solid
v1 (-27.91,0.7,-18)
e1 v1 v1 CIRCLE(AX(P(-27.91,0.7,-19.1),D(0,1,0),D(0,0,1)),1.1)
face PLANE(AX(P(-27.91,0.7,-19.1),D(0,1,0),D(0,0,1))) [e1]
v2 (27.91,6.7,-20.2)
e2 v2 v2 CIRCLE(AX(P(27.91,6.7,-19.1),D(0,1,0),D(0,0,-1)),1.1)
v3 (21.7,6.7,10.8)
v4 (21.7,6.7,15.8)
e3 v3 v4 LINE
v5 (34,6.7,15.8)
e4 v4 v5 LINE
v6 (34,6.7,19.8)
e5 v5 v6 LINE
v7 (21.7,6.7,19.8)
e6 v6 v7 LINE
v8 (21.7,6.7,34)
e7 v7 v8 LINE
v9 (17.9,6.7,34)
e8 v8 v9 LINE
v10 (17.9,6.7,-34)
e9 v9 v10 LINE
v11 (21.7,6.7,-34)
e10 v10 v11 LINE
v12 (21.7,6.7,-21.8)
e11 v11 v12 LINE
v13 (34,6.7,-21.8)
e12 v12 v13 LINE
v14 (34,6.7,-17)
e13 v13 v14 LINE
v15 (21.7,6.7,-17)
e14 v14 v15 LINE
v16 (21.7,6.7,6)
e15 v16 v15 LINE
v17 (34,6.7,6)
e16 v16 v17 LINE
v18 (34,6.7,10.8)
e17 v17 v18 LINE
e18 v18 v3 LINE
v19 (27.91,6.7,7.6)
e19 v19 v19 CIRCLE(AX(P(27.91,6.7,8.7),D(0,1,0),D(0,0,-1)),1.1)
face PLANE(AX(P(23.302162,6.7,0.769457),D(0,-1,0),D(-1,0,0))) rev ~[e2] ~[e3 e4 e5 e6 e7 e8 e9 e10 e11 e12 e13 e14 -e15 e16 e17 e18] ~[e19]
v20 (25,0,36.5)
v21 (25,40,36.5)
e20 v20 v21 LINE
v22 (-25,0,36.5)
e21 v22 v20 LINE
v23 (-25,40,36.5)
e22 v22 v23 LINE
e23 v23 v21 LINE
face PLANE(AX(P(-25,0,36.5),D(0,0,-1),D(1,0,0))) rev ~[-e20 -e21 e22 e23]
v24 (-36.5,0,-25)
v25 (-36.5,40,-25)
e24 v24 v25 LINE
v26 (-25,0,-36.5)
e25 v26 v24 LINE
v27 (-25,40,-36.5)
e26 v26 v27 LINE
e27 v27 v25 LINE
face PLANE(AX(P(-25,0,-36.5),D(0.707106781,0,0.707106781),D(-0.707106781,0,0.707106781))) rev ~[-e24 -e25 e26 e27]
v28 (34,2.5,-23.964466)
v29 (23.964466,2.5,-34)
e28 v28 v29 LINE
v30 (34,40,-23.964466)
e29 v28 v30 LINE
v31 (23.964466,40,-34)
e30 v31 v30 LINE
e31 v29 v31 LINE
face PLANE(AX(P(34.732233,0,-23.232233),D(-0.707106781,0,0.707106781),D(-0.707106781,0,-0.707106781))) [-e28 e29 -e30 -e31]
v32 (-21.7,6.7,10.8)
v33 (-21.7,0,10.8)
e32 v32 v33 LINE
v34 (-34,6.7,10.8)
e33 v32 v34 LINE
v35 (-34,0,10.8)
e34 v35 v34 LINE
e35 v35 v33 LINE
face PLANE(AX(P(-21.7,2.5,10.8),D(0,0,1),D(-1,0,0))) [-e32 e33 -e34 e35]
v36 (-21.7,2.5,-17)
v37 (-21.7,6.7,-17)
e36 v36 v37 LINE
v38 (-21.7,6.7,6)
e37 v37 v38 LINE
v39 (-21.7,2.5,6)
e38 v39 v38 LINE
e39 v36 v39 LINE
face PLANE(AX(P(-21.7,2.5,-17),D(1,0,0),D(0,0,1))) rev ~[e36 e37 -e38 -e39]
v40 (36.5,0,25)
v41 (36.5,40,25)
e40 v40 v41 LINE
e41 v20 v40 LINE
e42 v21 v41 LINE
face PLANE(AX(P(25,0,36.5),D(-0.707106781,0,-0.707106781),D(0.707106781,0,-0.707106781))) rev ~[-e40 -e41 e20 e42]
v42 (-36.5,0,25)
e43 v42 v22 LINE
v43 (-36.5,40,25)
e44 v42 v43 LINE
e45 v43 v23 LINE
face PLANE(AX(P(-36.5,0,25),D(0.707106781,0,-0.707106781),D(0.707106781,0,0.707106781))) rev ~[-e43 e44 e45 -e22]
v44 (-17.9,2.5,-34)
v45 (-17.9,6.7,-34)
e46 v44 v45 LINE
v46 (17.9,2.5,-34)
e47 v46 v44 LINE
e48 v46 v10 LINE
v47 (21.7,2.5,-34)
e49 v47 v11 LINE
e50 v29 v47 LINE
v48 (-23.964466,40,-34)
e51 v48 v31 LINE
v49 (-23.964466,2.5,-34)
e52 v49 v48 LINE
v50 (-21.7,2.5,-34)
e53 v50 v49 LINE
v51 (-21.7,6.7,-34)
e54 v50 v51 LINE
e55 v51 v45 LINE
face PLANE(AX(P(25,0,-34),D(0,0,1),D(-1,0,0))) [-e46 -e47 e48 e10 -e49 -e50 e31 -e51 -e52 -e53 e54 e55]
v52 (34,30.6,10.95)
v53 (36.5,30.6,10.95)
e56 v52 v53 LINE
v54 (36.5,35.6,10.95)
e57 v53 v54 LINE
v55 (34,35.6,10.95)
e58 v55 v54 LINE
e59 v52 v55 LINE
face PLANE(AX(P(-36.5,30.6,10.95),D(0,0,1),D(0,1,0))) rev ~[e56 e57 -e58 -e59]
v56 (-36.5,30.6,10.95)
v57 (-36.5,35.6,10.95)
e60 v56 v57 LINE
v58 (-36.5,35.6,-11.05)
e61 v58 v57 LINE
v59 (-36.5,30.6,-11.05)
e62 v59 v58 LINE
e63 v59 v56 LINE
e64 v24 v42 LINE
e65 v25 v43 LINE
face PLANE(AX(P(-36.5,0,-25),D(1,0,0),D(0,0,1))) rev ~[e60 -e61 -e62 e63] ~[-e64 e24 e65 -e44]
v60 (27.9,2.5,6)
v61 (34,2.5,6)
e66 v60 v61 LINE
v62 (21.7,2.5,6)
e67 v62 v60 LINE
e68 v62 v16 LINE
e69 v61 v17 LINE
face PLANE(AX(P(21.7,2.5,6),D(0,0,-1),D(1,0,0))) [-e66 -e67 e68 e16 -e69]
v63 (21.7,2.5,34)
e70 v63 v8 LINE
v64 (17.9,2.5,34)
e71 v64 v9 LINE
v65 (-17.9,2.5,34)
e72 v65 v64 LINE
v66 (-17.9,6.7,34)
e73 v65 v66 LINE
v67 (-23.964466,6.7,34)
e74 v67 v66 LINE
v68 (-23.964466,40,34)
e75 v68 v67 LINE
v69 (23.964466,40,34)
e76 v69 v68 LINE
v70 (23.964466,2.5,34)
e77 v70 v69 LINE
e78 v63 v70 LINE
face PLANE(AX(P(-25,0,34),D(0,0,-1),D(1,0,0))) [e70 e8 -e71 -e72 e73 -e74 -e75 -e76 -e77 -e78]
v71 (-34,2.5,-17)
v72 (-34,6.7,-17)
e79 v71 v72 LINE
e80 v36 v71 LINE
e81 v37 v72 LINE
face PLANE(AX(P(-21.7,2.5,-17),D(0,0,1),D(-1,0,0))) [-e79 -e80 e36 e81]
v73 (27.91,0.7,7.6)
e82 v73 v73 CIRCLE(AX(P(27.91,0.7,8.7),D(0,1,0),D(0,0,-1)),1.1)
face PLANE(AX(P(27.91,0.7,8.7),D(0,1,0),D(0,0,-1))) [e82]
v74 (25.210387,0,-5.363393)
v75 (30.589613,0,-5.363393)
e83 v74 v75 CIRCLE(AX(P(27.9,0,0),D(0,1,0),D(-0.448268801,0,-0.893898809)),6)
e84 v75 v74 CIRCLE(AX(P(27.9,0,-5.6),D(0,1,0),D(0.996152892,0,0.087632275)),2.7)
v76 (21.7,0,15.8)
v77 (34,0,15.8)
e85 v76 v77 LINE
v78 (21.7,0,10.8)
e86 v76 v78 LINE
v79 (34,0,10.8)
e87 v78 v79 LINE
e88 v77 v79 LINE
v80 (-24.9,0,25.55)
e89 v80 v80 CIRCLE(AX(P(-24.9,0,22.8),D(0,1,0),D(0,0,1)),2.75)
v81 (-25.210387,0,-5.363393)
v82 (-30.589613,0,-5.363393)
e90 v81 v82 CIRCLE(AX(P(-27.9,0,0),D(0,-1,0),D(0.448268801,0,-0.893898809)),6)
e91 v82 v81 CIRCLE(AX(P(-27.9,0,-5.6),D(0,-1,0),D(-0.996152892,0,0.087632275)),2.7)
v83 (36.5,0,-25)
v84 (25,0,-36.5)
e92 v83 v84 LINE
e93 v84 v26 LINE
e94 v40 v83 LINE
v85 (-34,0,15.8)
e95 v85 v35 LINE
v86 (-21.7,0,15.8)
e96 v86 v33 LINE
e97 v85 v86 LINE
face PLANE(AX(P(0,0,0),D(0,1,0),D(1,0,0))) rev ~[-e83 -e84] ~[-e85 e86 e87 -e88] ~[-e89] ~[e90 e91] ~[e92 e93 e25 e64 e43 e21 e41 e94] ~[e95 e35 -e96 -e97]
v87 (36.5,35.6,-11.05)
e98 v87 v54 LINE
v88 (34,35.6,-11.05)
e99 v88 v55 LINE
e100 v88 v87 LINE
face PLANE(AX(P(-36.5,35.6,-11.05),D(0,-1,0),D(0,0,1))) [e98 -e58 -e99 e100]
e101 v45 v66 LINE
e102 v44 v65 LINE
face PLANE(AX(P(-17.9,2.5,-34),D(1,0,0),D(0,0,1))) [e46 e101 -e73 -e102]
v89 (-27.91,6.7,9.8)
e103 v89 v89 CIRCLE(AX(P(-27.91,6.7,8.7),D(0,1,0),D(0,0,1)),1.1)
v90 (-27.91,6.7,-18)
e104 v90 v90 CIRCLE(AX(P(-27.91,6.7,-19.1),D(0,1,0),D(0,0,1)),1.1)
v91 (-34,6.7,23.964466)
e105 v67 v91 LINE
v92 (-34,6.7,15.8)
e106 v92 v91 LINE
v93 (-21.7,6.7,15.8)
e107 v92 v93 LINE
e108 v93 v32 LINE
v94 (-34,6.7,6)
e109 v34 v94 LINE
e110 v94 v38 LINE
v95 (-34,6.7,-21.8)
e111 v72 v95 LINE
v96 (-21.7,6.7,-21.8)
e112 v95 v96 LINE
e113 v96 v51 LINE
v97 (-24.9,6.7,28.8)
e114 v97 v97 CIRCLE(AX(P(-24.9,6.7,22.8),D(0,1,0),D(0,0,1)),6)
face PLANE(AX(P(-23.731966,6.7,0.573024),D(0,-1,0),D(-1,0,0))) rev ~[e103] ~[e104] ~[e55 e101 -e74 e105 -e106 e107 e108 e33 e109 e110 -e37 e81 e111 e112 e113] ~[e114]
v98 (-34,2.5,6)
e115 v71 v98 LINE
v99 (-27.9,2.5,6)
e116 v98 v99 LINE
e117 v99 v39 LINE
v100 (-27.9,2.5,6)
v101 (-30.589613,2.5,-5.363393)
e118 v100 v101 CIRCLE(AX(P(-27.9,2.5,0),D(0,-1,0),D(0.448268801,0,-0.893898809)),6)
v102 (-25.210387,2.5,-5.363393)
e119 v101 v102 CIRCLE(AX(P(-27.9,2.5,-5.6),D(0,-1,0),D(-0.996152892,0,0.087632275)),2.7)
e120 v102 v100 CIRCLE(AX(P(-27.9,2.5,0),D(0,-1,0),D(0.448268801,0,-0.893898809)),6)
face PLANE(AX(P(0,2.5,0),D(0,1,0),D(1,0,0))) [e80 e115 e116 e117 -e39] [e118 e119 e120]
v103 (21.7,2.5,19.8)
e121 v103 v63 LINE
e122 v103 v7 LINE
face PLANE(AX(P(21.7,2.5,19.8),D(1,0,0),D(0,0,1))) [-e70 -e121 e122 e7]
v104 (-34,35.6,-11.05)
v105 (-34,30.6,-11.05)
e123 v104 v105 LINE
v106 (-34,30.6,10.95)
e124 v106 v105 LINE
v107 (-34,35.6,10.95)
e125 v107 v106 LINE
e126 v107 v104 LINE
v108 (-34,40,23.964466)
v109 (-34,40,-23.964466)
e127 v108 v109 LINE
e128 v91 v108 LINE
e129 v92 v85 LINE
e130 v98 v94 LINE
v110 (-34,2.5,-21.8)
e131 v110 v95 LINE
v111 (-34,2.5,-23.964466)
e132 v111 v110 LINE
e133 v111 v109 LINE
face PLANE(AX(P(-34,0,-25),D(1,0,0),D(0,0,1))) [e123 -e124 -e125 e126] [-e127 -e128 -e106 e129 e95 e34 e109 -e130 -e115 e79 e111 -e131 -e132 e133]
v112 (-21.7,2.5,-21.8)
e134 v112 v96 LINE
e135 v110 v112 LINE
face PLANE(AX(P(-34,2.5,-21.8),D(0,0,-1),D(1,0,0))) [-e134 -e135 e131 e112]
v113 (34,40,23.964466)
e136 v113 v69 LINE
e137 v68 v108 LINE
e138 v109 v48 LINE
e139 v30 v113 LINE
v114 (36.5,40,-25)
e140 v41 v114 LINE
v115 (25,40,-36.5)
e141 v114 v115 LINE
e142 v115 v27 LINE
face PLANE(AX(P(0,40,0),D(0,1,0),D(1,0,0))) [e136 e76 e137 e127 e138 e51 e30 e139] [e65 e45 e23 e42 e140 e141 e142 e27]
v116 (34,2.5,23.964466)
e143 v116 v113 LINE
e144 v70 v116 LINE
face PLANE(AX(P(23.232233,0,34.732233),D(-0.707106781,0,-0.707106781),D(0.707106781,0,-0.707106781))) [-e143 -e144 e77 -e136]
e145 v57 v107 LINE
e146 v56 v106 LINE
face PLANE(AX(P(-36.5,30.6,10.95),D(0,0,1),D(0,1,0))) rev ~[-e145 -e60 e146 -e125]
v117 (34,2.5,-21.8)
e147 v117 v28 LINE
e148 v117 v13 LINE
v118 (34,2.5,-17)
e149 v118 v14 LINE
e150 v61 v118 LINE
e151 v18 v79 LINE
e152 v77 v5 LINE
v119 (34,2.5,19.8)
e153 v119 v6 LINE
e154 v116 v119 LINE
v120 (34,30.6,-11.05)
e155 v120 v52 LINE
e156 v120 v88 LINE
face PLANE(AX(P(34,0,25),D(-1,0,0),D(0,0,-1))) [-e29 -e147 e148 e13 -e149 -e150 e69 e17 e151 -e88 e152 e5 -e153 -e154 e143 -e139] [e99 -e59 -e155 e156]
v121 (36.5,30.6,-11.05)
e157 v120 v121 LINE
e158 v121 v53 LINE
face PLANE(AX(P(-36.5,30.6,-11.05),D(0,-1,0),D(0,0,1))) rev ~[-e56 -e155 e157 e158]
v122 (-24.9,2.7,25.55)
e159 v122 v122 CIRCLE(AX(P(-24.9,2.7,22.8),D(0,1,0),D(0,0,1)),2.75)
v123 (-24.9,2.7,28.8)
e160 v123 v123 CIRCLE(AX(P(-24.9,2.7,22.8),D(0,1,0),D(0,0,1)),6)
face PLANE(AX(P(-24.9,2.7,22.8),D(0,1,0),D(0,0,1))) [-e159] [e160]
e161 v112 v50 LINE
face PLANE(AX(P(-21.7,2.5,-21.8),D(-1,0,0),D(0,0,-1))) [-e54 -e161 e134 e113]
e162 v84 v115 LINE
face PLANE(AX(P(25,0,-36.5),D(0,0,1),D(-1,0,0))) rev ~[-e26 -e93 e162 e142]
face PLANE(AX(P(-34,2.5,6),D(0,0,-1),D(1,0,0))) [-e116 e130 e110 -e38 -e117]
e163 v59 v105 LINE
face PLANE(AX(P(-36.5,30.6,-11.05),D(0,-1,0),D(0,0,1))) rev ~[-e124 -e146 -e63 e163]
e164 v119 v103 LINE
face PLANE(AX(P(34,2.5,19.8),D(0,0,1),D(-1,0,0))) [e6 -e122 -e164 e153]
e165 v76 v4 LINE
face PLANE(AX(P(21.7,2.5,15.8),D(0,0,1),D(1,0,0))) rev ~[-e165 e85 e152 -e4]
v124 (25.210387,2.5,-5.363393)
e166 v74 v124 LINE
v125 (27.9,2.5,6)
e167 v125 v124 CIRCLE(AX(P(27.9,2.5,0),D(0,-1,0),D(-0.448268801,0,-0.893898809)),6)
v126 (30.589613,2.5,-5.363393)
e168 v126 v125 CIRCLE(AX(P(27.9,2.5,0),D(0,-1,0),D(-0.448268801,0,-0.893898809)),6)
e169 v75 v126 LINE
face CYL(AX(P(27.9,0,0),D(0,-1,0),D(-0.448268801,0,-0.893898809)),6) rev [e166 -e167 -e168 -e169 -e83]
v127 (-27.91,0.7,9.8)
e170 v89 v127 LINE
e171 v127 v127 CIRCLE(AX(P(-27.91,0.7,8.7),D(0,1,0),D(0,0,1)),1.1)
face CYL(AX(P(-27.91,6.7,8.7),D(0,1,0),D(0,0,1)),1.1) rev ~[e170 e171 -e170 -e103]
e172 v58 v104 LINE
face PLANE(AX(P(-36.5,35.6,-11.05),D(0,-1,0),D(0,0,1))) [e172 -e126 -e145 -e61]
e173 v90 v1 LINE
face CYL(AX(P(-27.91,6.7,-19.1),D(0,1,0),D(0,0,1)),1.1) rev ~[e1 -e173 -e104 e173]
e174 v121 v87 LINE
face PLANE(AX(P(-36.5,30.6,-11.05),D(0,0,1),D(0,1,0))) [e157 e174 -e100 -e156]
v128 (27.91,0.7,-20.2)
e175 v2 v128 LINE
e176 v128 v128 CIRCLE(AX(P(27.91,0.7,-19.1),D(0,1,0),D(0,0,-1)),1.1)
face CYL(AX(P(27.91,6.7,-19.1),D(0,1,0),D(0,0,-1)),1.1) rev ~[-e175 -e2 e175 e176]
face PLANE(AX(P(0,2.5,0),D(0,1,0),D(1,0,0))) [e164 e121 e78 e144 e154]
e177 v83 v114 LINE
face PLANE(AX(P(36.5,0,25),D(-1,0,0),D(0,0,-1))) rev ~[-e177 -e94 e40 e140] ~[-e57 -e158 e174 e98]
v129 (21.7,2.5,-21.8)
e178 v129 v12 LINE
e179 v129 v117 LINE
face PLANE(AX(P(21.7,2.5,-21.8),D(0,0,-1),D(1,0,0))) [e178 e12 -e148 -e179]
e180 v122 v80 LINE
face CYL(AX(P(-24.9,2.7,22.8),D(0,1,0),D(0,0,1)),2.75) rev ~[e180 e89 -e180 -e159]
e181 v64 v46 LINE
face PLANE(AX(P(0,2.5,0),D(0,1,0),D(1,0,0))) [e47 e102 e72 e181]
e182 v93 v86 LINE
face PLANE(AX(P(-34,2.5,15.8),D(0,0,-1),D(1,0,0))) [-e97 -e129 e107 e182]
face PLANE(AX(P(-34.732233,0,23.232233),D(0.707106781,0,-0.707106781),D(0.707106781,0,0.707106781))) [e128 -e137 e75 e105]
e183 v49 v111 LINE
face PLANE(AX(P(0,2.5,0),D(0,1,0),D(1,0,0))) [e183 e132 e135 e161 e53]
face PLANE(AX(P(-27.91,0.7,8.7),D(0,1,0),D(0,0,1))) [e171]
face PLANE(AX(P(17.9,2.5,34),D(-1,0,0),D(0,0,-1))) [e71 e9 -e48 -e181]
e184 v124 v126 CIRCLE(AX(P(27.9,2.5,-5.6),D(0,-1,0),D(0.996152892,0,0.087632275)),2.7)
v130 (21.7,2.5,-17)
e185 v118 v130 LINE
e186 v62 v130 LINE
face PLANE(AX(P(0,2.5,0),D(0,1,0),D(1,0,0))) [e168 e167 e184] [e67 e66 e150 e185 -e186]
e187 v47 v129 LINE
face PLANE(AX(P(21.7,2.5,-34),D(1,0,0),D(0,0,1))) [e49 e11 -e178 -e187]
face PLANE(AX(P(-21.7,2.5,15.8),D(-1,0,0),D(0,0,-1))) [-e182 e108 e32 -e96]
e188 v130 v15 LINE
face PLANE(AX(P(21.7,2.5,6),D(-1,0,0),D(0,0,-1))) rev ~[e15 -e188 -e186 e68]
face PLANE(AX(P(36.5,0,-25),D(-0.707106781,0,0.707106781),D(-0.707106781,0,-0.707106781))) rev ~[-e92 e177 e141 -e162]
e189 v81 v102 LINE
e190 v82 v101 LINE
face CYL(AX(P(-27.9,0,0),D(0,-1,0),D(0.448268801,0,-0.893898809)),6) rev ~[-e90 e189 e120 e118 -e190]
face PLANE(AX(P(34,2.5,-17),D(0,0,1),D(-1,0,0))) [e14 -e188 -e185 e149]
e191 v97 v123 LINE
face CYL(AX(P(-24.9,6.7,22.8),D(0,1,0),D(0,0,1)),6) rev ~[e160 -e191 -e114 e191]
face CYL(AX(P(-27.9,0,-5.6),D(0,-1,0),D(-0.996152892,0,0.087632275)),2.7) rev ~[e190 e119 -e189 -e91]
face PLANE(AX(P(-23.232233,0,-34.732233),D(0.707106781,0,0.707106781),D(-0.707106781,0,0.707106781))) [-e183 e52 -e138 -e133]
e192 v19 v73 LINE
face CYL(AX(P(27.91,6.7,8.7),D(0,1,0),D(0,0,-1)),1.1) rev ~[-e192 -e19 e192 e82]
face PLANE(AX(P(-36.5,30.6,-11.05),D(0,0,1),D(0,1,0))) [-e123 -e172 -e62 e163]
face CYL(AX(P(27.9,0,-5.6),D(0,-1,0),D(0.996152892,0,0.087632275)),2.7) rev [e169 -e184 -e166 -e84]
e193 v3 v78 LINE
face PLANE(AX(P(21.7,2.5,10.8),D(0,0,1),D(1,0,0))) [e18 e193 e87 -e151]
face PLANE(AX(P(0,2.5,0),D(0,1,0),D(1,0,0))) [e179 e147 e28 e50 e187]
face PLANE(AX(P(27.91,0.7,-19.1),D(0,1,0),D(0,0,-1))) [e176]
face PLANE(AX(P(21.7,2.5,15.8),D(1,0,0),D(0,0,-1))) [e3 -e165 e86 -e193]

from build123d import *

# Parameters (mm, degrees)
SALIENTE_EXTRUIR1_DEPTH = 40
VACIADO1_T              = -2.5
CROQUIS5_W              = 22
CROQUIS5_H              = 5
CORTAR_EXTRUIR1_DEPTH   = 91.891418737
CORTAR_EXTRUIR2_DEPTH   = 10
SALIENTE_EXTRUIR4_DEPTH = 4.2
CROQUIS9_W              = 12.3
CROQUIS9_H              = 5
CORTAR_EXTRUIR3_DEPTH   = 64.802429421
CROQUIS10_R             = 6
CORTAR_EXTRUIR4_DEPTH   = 4
CROQUIS11_R             = 2.75
CORTAR_EXTRUIR5_DEPTH   = 4
CROQUIS12_R             = 1.1
CORTAR_EXTRUIR6_DEPTH   = 6


with BuildPart() as part:
    # Croquis3 → Saliente-Extruir1 (new body)
    with BuildSketch(Plane(origin=(0, 0, 0), x_dir=(1, 0, 0), z_dir=(0, 1, 0))):
        Polygon((-25, -36.5), (25, -36.5), (36.5, -25), (36.5, 25), (25, 36.5), (-25, 36.5), (-36.5, 25), (-36.5, -25), align=None)
    extrude(amount=SALIENTE_EXTRUIR1_DEPTH)

    # Vaciado1
    vaciado1_openings = [part.faces().sort_by_distance(p)[0] for p in [
        (0, 40, 0),
    ]]
    offset(amount=VACIADO1_T, openings=vaciado1_openings, kind=Kind.INTERSECTION)

    # Croquis5 → Cortar-Extruir1 (cut, through all)
    with BuildSketch(Plane.ZY.offset(36.5)):
        with Locations((-0.05, 33.1)):
            Rectangle(CROQUIS5_W, CROQUIS5_H)
    extrude(amount=-CORTAR_EXTRUIR1_DEPTH, mode=Mode.SUBTRACT)

    # Croquis6 → Cortar-Extruir2 (cut)
    with BuildSketch(Plane.XZ):
        with BuildLine():
            ThreePointArc((-25.210387191, -5.363392857), (-27.9, 6), (-30.589612809, -5.363392857))
            ThreePointArc((-30.589612809, -5.363392857), (-27.9, -8.3), (-25.210387191, -5.363392857))
        make_face()
        with BuildLine():
            ThreePointArc((30.589612809, -5.363392857), (27.9, -8.3), (25.210387191, -5.363392857))
            ThreePointArc((25.210387191, -5.363392857), (27.9, 6), (30.589612809, -5.363392857))
        make_face()
    extrude(amount=-CORTAR_EXTRUIR2_DEPTH, mode=Mode.SUBTRACT)

    # Croquis7 → Saliente-Extruir4 (add)
    with BuildSketch(Plane(origin=(0, 2.5, 0), x_dir=(1, 0, 0), z_dir=(0, 1, 0))):
        Polygon((-21.7, 0), (-21.7, 17), (-34, 17), (-34, 21.8), (-21.7, 21.8), (-21.7, 34), (-17.9, 34), (-17.9, -34), (-21.7, -34), (-23.964466094, -34), (-34, -23.964466094), (-34, -19.8), (-34, -15.8), (-21.7, -15.8), (-21.7, -10.8), (-34, -10.8), (-34, -6), (-21.7, -6), align=None)
        Polygon((21.7, -19.8), (21.7, -34), (17.9, -34), (17.9, 34), (21.7, 34), (21.7, 21.8), (34, 21.8), (34, 17), (21.7, 17), (21.7, 0), (21.7, -6), (34, -6), (34, -10.8), (21.7, -10.8), (21.7, -15.8), (34, -15.8), (34, -19.8), align=None)
    extrude(amount=SALIENTE_EXTRUIR4_DEPTH)

    # Croquis9 → Cortar-Extruir3 (cut, through all)
    with BuildSketch(Plane(origin=(0, 2.5, 0), x_dir=(1, 0, 0), z_dir=(0, 1, 0))):
        with Locations((-27.85, -13.3)):
            Rectangle(CROQUIS9_W, CROQUIS9_H)
        with Locations((27.85, -13.3)):
            Rectangle(CROQUIS9_W, CROQUIS9_H)
    extrude(amount=-CORTAR_EXTRUIR3_DEPTH, mode=Mode.SUBTRACT)

    # Croquis10 → Cortar-Extruir4 (cut)
    with BuildSketch(Plane(origin=(0, 6.7, 0), x_dir=(1, 0, 0), z_dir=(0, 1, 0))):
        with Locations(Location((-24.9, -22.8, 0), (0, 0, 270))):
            Circle(CROQUIS10_R)
    extrude(amount=-CORTAR_EXTRUIR4_DEPTH, mode=Mode.SUBTRACT)

    # Croquis11 → Cortar-Extruir5 (cut)
    with BuildSketch(Plane(origin=(0, 2.7, 0), x_dir=(1, 0, 0), z_dir=(0, 1, 0))):
        with Locations(Location((-24.9, -22.8, 0), (0, 0, 270))):
            Circle(CROQUIS11_R)
    extrude(amount=-CORTAR_EXTRUIR5_DEPTH, mode=Mode.SUBTRACT)

    # Croquis12 → Cortar-Extruir6 (cut)
    with BuildSketch(Plane(origin=(0, 6.7, 0), x_dir=(1, 0, 0), z_dir=(0, 1, 0))):
        with Locations(Location((-27.91, 19.1, 0), (0, 0, 270))):
            Circle(CROQUIS12_R)
        with Locations(Location((-27.91, -8.7, 0), (0, 0, 270))):
            Circle(CROQUIS12_R)
        with Locations(Location((27.91, -8.7, 0), (0, 0, 90))):
            Circle(CROQUIS12_R)
        with Locations(Location((27.91, 19.1, 0), (0, 0, 90))):
            Circle(CROQUIS12_R)
    extrude(amount=-CORTAR_EXTRUIR6_DEPTH, mode=Mode.SUBTRACT)


solid = part.part
